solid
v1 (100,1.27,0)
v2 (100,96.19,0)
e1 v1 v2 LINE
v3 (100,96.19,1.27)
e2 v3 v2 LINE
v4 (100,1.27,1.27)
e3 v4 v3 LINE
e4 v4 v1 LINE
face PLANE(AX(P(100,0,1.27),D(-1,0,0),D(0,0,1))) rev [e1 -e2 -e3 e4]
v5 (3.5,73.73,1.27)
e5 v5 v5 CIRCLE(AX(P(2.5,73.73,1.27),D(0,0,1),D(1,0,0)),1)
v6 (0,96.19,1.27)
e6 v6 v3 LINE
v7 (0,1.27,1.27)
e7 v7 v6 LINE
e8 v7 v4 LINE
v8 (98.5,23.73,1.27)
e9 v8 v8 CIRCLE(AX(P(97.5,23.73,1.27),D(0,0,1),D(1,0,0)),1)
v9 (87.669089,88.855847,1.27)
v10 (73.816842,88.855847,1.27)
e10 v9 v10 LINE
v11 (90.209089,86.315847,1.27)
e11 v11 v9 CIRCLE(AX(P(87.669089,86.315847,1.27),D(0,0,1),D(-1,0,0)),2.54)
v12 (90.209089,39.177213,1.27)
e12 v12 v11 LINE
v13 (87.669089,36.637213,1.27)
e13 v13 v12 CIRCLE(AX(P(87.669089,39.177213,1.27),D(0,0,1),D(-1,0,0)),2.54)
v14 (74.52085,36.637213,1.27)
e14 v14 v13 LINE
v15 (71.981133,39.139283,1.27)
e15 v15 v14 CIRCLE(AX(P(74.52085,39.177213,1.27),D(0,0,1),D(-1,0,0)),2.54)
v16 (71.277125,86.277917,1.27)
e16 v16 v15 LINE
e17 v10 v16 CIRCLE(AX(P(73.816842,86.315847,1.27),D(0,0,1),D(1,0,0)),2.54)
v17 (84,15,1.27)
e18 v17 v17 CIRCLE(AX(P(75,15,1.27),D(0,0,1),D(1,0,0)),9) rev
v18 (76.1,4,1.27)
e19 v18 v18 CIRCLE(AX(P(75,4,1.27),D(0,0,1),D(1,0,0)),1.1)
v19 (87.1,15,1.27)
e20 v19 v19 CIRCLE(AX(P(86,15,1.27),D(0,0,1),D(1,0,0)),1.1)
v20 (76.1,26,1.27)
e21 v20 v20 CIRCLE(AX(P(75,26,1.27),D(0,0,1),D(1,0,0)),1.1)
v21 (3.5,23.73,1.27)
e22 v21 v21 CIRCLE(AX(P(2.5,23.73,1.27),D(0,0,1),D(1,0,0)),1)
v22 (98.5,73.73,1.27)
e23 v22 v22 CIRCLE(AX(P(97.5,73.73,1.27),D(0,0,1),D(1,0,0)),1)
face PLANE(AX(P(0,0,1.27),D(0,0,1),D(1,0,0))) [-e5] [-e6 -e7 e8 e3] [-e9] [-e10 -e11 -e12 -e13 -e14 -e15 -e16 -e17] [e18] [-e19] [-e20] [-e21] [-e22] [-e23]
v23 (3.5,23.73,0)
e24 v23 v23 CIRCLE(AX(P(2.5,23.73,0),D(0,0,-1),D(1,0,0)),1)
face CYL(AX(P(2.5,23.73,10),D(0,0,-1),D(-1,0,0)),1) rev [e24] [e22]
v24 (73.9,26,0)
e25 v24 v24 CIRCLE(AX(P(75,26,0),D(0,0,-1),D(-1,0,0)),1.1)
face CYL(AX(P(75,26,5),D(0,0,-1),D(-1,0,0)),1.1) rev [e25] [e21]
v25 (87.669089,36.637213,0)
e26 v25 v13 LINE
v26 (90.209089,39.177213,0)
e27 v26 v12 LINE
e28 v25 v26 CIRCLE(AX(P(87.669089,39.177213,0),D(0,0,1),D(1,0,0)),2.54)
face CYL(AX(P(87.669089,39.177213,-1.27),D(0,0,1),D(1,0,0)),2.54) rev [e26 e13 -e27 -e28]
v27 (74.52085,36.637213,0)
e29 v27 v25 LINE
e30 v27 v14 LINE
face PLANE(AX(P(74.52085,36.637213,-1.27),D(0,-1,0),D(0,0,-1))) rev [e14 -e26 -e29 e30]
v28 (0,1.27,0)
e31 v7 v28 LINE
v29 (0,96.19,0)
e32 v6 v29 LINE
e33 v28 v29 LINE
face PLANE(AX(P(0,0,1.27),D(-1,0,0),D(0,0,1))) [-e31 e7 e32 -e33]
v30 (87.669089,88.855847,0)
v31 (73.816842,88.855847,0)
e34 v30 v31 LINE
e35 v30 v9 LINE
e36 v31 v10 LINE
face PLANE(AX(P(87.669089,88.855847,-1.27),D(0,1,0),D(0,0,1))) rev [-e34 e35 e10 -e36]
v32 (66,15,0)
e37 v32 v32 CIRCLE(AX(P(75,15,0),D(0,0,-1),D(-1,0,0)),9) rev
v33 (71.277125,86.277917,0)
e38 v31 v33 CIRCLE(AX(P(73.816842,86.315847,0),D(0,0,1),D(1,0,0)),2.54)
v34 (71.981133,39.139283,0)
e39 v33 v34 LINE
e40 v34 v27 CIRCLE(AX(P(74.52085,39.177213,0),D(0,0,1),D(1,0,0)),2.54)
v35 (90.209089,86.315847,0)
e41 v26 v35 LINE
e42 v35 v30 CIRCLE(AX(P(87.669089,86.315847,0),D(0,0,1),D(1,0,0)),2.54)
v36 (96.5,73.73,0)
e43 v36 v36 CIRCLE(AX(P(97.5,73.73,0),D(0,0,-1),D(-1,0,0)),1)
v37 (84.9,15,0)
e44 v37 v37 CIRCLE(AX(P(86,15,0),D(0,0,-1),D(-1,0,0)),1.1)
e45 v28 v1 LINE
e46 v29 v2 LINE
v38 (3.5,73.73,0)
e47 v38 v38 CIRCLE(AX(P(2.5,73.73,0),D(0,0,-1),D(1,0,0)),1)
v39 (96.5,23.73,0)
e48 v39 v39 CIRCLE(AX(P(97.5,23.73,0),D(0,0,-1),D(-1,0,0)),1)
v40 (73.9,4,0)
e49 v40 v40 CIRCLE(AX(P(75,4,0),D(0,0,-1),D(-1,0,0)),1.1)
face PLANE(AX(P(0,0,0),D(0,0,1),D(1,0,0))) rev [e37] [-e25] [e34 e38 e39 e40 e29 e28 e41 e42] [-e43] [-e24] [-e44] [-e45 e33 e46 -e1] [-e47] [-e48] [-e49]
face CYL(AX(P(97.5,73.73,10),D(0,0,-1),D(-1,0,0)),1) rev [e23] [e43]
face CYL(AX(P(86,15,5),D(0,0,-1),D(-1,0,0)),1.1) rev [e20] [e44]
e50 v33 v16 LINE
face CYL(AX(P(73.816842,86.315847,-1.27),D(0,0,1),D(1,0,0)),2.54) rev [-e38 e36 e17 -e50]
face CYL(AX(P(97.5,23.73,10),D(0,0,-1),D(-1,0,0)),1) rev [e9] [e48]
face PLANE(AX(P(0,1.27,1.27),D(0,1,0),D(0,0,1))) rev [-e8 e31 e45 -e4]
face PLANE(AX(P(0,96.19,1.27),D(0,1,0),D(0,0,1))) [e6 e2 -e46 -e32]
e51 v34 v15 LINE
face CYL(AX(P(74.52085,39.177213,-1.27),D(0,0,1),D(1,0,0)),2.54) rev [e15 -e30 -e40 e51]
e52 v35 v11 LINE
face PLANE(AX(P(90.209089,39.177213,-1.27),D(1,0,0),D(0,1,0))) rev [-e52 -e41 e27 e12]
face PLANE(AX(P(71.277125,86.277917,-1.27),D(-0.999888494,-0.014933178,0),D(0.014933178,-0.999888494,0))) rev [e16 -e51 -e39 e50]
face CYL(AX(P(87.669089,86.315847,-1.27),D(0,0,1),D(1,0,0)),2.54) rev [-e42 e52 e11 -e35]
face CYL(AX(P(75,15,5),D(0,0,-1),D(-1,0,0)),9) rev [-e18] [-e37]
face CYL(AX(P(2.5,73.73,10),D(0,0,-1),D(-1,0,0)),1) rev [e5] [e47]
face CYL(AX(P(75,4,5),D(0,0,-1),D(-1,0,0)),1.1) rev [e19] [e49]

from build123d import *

# Parameters (mm, degrees)
SKETCH1_W           = 100
SKETCH1_H           = 94.92
BOSS_EXTRUDE1_DEPTH = 1.27
SKETCH14_R          = 9
SKETCH14_R_2        = 8
SKETCH14_R_3        = 6
SKETCH14_R_4        = 1.1
CUT_EXTRUDE8_DEPTH  = 5
SKETCH15_R          = 1
CUT_EXTRUDE9_DEPTH  = 10
CUT_EXTRUDE11_DEPTH = 2.54


with BuildPart() as part:
    # Sketch1 → Boss-Extrude1 (new body)
    with BuildSketch(Plane.XY):
        with Locations((50, 48.73)):
            Rectangle(SKETCH1_W, SKETCH1_H)
    extrude(amount=BOSS_EXTRUDE1_DEPTH)

    # Sketch14 → Cut-Extrude8 (cut)
    with BuildSketch(Plane(origin=(0, 0, 0), x_dir=(-1, 0, 0), z_dir=(0, 0, -1))):
        with Locations((-75, 15)):
            Circle(SKETCH14_R)
        with Locations((-75, 15)):
            Circle(SKETCH14_R_2, mode=Mode.SUBTRACT)
        with Locations((-75, 15)):
            Circle(SKETCH14_R_2)
        with Locations((-75, 15)):
            Circle(SKETCH14_R_3, mode=Mode.SUBTRACT)
        with Locations((-75, 15)):
            Circle(SKETCH14_R_3)
        with Locations((-75, 26)):
            Circle(SKETCH14_R_4)
        with Locations((-86, 15)):
            Circle(SKETCH14_R_4)
        with Locations((-75, 4)):
            Circle(SKETCH14_R_4)
    extrude(amount=-CUT_EXTRUDE8_DEPTH, mode=Mode.SUBTRACT)

    # Sketch15 → Cut-Extrude9 (cut)
    with BuildSketch(Plane(origin=(0, 0, 0), x_dir=(-1, 0, 0), z_dir=(0, 0, -1))):
        with Locations(Location((-2.5, 73.73, 0), (0, 0, 180))):
            Circle(SKETCH15_R)
        with Locations(Location((-2.5, 23.73, 0), (0, 0, 180))):
            Circle(SKETCH15_R)
        with Locations((-97.5, 23.73)):
            Circle(SKETCH15_R)
        with Locations((-97.5, 73.73)):
            Circle(SKETCH15_R)
    extrude(amount=-CUT_EXTRUDE9_DEPTH, mode=Mode.SUBTRACT)

    # Sketch18 → Cut-Extrude11 (cut)
    with BuildSketch(Plane.XY.offset(1.27)):
        with BuildLine():
            Line((87.669088652, 88.855847161), (73.816841533, 88.855847161))
            ThreePointArc((73.816841533, 88.855847161), (72.007429626, 88.098437566), (71.277124758, 86.277916888))
            Line((71.277124758, 86.277916888), (71.981132893, 39.139282942))
            ThreePointArc((71.981132893, 39.139282942), (72.738259262, 37.367801309), (74.520849667, 36.637213215))
            Line((74.520849667, 36.637213215), (87.669088652, 36.637213215))
            ThreePointArc((87.669088652, 36.637213215), (89.465139876, 37.381161991), (90.209088652, 39.177213215))
            Line((90.209088652, 39.177213215), (90.209088652, 86.315847161))
            ThreePointArc((90.209088652, 86.315847161), (89.465139876, 88.111898385), (87.669088652, 88.855847161))
        make_face()
    extrude(amount=-CUT_EXTRUDE11_DEPTH, mode=Mode.SUBTRACT)


solid = part.part
